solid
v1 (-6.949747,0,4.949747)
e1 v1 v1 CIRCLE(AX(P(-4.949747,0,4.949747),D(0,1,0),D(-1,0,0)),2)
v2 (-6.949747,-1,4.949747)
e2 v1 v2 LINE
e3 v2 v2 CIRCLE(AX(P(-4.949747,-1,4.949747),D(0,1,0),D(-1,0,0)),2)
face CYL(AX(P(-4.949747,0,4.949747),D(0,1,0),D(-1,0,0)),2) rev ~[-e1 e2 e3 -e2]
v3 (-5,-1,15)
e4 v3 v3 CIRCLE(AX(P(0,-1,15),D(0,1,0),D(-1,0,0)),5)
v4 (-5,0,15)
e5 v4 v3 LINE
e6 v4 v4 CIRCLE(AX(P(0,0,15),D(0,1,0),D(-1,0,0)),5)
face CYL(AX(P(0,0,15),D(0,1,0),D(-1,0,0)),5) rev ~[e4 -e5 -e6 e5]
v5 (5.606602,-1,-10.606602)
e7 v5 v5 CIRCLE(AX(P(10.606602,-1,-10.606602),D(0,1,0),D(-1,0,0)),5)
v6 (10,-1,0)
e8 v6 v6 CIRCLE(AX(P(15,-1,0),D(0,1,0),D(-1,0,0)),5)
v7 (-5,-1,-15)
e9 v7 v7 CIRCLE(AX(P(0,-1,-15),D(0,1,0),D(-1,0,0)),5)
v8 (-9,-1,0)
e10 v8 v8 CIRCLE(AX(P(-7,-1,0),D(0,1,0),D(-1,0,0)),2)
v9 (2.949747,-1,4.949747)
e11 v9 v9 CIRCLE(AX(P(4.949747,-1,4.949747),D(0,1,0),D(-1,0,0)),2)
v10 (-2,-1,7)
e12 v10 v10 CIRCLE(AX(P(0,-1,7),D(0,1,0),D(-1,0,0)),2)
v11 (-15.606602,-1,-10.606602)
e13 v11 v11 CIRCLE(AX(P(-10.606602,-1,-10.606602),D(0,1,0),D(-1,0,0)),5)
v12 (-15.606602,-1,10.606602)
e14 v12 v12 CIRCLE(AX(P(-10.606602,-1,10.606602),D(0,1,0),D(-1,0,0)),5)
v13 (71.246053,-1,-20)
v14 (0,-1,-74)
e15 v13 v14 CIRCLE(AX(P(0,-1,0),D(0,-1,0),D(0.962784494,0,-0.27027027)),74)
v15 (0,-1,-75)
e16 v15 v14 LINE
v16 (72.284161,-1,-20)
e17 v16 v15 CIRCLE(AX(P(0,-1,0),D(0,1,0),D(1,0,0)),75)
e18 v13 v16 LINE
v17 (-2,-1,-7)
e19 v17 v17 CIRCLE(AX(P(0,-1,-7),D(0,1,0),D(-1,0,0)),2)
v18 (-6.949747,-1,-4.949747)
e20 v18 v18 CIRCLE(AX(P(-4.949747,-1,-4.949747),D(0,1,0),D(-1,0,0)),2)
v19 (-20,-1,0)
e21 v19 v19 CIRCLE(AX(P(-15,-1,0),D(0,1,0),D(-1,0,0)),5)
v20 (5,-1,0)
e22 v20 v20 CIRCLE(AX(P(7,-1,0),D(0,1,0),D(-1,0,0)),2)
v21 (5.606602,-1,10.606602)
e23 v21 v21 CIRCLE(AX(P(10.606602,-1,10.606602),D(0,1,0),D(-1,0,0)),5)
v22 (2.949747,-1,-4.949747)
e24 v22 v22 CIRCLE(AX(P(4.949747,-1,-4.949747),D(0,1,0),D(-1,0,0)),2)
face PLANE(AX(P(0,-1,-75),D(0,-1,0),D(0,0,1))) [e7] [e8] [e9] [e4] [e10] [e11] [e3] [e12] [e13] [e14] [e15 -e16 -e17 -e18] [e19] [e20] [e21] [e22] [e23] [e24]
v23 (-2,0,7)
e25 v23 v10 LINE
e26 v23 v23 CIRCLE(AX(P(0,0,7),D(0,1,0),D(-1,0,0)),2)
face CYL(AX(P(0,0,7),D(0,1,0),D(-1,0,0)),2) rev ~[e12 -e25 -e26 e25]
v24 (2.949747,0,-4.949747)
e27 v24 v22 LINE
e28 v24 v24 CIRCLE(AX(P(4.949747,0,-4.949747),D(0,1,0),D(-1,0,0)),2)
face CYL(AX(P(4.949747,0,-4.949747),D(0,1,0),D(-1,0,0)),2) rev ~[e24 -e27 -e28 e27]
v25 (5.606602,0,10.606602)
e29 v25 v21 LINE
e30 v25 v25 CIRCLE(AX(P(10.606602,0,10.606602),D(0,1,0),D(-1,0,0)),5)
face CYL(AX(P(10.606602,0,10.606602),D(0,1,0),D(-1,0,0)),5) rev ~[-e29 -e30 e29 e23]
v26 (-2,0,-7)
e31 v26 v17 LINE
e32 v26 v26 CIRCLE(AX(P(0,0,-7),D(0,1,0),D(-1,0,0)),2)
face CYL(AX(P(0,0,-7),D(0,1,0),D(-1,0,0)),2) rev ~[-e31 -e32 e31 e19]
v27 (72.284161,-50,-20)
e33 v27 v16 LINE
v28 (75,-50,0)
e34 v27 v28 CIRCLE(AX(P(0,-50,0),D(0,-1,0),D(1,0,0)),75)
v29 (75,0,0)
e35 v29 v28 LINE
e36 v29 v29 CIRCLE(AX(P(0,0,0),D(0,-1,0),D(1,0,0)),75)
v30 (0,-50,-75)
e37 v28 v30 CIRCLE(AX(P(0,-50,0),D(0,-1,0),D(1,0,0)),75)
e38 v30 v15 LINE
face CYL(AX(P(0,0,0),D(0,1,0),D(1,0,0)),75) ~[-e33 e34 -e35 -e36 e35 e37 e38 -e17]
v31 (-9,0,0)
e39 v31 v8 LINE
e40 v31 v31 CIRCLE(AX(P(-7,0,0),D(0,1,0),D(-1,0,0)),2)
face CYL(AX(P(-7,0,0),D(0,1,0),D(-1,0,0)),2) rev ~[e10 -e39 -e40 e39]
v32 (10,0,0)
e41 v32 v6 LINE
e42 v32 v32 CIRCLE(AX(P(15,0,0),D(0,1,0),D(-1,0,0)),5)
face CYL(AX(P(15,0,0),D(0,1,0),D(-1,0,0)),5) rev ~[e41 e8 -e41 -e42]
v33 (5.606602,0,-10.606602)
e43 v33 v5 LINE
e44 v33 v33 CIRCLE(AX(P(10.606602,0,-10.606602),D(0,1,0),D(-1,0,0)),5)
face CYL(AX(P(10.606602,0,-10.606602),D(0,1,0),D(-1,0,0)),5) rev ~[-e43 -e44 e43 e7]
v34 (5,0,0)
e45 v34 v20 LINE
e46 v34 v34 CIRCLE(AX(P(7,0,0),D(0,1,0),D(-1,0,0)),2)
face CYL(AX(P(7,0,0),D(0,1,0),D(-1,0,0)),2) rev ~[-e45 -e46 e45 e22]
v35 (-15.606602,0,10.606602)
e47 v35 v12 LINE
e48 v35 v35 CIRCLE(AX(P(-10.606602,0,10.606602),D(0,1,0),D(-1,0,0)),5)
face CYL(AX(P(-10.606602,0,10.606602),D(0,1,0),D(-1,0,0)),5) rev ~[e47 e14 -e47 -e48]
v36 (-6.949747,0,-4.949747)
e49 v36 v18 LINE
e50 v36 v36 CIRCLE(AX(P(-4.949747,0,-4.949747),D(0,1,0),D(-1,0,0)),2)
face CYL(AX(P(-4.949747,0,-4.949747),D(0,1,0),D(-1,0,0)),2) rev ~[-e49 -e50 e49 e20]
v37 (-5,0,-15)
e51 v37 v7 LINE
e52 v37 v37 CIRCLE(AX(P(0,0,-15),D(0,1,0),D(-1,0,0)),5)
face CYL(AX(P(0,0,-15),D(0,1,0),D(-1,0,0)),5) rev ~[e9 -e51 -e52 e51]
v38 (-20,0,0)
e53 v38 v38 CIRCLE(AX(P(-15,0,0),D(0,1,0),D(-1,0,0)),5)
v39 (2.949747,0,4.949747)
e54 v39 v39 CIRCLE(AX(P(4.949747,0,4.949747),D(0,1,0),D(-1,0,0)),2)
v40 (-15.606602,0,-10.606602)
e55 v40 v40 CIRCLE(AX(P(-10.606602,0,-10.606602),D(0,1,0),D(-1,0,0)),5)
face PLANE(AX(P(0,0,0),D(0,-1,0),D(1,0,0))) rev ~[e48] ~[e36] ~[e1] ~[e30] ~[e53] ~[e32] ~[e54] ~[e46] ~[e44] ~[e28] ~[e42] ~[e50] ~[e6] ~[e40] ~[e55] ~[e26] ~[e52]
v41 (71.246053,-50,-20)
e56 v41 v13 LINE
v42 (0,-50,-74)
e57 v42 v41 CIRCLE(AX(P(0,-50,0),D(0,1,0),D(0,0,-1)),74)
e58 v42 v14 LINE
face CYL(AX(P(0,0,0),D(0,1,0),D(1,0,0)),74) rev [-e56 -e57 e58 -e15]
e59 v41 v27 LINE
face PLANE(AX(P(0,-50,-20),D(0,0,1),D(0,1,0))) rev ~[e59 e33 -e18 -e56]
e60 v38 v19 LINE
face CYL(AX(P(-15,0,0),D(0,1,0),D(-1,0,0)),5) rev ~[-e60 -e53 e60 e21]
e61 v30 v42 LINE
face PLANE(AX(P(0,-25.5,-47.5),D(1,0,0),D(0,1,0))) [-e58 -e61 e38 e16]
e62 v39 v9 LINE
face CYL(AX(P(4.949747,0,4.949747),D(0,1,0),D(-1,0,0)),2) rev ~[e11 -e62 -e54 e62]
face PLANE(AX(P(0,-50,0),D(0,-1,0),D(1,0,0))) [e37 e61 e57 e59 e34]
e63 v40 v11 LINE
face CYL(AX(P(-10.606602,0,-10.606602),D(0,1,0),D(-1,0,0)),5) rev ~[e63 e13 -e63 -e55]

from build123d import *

# Parameters (mm, degrees)
F0_R     = 75
F1_DEPTH = 50
F2_T     = -1
F3_W     = 49
F3_H     = 55
F4_DEPTH = 100
F5_R     = 5
F5_R_2   = 2
F6_DEPTH = 25


with BuildPart() as f1:
    # F0 (on Front) → F1 (new body)
    with BuildSketch(Plane.XZ):
        Circle(F0_R)
    extrude(amount=F1_DEPTH)

    # F2
    f2_openings = [f1.faces().sort_by_distance(p)[0] for p in [
        (0, -50, 0),
    ]]
    offset(amount=F2_T, openings=f2_openings)

    # F3 (on Right) → F4 (cut)
    with BuildSketch(Plane.YZ):
        with Locations((-25.5, -47.5)):
            Rectangle(F3_W, F3_H)
    extrude(amount=F4_DEPTH, mode=Mode.SUBTRACT)

    # F5 (on face) → F6 (cut)
    with BuildSketch(Plane(origin=(0, 0, 0), x_dir=(-1, 0, 0), z_dir=(0, 1, 0))):
        with Locations((0, 15)):
            Circle(F5_R)
        with Locations((-10.606602, 10.606602)):
            Circle(F5_R)
        with Locations((-15, 0)):
            Circle(F5_R)
        with Locations((-10.606602, -10.606602)):
            Circle(F5_R)
        with Locations((0, -15)):
            Circle(F5_R)
        with Locations((10.606602, -10.606602)):
            Circle(F5_R)
        with Locations((15, 0)):
            Circle(F5_R)
        with Locations((10.606602, 10.606602)):
            Circle(F5_R)
        with Locations((0, 7)):
            Circle(F5_R_2)
        with Locations((-4.949747, 4.949747)):
            Circle(F5_R_2)
        with Locations((-7, 0)):
            Circle(F5_R_2)
        with Locations((-4.949747, -4.949747)):
            Circle(F5_R_2)
        with Locations((0, -7)):
            Circle(F5_R_2)
        with Locations((4.949747, -4.949747)):
            Circle(F5_R_2)
        with Locations((7, 0)):
            Circle(F5_R_2)
        with Locations((4.949747, 4.949747)):
            Circle(F5_R_2)
    extrude(amount=-F6_DEPTH, mode=Mode.SUBTRACT)


solid = f1.part
